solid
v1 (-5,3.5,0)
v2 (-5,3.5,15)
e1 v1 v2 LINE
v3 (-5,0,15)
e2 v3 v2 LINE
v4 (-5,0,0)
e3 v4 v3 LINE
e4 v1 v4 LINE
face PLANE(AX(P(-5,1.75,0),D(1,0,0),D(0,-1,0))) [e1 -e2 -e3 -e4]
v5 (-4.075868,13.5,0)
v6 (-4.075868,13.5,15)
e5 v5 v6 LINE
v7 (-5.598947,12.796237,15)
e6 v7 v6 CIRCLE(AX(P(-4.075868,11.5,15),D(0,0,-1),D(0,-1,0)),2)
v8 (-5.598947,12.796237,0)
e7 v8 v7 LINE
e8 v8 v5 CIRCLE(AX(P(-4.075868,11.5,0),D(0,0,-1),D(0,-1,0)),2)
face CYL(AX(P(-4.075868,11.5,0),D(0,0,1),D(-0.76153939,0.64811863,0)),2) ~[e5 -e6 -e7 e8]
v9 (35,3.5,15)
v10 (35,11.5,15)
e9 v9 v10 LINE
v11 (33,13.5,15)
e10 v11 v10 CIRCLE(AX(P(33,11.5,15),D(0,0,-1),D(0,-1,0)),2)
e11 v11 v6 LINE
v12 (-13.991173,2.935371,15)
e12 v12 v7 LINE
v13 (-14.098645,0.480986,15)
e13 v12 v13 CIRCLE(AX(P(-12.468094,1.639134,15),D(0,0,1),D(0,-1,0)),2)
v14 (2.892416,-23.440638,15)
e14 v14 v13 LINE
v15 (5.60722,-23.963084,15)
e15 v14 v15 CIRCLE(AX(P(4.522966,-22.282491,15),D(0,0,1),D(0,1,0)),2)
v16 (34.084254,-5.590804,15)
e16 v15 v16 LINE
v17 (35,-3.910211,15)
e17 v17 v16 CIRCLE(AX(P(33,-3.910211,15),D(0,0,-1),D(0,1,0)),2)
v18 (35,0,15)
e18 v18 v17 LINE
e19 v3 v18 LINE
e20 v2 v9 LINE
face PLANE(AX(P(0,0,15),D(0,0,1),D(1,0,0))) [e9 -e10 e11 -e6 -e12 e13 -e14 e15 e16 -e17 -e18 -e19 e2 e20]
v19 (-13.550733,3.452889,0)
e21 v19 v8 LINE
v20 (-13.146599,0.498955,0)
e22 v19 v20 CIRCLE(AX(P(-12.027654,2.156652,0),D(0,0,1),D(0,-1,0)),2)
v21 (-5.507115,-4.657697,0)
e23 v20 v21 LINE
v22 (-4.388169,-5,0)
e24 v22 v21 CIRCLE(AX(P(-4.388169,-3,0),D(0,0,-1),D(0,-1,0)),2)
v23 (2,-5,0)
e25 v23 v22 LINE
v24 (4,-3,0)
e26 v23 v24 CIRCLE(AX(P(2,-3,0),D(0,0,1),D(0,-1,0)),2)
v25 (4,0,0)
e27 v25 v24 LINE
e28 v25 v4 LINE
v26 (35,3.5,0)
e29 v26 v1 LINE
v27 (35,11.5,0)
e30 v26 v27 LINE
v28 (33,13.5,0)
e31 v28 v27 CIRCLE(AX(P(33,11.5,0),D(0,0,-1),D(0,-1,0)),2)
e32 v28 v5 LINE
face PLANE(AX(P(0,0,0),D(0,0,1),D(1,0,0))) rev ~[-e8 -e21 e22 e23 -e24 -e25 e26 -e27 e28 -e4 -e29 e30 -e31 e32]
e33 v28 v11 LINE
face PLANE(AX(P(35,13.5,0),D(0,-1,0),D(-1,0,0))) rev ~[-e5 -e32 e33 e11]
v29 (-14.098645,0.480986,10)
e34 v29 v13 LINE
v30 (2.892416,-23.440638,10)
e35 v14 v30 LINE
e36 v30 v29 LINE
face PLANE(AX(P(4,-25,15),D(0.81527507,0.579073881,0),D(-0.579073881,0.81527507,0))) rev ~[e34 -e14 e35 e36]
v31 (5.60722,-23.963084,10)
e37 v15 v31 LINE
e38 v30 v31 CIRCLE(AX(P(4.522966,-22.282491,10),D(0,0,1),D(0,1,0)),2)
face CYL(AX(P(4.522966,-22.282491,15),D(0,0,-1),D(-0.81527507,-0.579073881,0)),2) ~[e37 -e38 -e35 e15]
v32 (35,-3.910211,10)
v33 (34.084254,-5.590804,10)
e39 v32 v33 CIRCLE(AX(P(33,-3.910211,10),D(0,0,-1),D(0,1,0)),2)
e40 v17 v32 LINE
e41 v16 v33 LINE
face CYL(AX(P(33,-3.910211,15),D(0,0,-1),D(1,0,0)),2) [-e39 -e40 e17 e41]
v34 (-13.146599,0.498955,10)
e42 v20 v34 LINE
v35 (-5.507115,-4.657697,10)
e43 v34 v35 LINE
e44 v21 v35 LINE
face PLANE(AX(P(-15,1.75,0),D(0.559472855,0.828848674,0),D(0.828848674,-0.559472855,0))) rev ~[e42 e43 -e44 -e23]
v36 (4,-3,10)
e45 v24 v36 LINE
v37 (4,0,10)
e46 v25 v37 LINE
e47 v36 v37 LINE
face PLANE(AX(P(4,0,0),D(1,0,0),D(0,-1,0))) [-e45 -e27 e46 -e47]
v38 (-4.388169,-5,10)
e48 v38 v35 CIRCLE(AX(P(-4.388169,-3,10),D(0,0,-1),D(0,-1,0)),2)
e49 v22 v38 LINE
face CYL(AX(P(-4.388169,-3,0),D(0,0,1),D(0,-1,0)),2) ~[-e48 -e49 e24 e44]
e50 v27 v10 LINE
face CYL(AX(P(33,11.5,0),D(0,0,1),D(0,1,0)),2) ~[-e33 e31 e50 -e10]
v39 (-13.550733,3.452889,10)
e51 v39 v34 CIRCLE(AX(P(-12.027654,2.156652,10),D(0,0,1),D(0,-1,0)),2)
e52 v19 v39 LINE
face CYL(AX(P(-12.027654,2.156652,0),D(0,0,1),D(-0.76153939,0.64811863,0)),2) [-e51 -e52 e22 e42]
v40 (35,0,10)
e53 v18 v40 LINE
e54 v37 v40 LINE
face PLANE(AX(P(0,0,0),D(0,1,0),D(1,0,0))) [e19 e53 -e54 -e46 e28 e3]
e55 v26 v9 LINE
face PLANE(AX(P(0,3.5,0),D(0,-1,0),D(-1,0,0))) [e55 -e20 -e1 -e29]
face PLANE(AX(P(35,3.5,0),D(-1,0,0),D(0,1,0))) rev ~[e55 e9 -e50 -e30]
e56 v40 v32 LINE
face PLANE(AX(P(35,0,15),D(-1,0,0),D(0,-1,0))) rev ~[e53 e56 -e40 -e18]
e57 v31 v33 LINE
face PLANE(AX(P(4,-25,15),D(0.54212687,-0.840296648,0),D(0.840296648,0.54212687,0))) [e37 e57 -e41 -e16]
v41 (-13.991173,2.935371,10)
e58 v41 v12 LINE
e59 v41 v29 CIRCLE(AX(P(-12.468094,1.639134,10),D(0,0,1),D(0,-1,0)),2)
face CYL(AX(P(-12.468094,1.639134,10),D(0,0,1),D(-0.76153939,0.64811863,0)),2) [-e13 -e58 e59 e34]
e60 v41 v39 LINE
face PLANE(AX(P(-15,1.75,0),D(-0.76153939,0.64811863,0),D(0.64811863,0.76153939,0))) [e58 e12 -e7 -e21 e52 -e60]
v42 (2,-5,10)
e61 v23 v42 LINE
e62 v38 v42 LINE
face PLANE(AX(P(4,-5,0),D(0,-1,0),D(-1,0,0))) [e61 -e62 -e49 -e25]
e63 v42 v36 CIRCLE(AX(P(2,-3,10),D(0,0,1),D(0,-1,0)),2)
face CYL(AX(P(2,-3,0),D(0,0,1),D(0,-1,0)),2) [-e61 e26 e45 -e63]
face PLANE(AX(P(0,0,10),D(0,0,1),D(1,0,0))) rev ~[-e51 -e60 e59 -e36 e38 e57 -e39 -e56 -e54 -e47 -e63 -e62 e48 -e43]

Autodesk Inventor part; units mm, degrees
ref_plane "YZ Plane" through (0, 0, 0) normal (1, 0, 0) x (0, 1, 0)
ref_plane "XZ Plane" through (0, 0, 0) normal (0, 1, 0) x (-1, 0, 0)
ref_plane "XY Plane" through (0, 0, 0) normal (0, 0, 1) x (1, 0, 0)
sketch "Sketch1" plane through (0, 0, 0) normal (0, 0, 1) x (1, 0, 0)
  line L0 (0, 0) -> (4, 0)
  line L1 (4, 0) -> (4, -5)
  line L2 (4, -5) -> (0, -5)
  line L3 (0, -5) -> (0, 0)
  line L4 (0, -5) -> (-5, -5)
  line L5 (-5, -5) -> (-5, 0)
  line L6 (-5, 0) -> (0, 0)
  line L7 (0, 0) -> (0, -5)
  line L8 (-5, 0) -> (0, 0)
  line L9 (0, 0) -> (0, 3.5)
  line L10 (0, 3.5) -> (-5, 3.5)
  line L11 (-5, 3.5) -> (-5, 0)
  line L12 (-5, 3.5) -> (35, 3.5)
  line L13 (35, 3.5) -> (35, 13.5)
  line L14 (35, 13.5) -> (-5, 13.5)
  line L15 (-5, 13.5) -> (-5, 3.5)
  line L16 (-5, 1.75) -> (-15, 1.75)
  line L17 (-15, 1.75) -> (-5, 13.5)
  line L18 (-15, 1.75) -> (-5, -5)
  dimension "d0" = 4
  dimension "d1" = 5
  dimension "d2" = 5
  dimension "d3" = 3.5
  dimension "d4" = 40
  dimension "d5" = 10
  dimension "d6" = 10
extrude "Extrusion1" add sketch "Sketch1" along normal blind 15 contours L0 L1 L2 L3 | L3 L4 L5 L6 | L5 L18 L16 L11 | L10 L15 L14 L13 L12 | L16 L17 L15 L11
sketch "Sketch2" plane through (0, 0, 15) normal (0, 0, 1) x (1, 0, 0)
  line L0 (4, -5) -> (4, 0) projected
  line L1 (4, 0) -> (35, 0)
  line L2 (35, 0) -> (35, -5)
  line L3 (35, -5) -> (4, -5)
  line L4 (4, -5) -> (4, 0)
  line L5 (4, -5) -> (4, -25)
  line L6 (-15, 1.75) -> (-5, -5) projected
  line L7 (4, -25) -> (-15, 1.75)
  line L8 (-5, -5) -> (4, -5) projected
  line L9 (-15, 1.75) -> (-5, -5)
  line L10 (-5, -5) -> (4, -5)
  line L11 (4, -25) -> (35, -5)
  point P0 (0, 0)
  dimension "d9" = 5
  dimension "d13" = 20
extrude "Extrusion2" add sketch "Sketch2" against normal blind 5
fillet "Fillet1" radius 2 8 edges at (-15, 1.75, 5) (-15, 1.75, 12.5) (-5, 13.5, 7.5) (4, -5, 5) (35, -5, 12.5) (-5, -5, 5) (35, 13.5, 7.5) (4, -25, 12.5)
properties part number "tapeStopper_3DPrint"
